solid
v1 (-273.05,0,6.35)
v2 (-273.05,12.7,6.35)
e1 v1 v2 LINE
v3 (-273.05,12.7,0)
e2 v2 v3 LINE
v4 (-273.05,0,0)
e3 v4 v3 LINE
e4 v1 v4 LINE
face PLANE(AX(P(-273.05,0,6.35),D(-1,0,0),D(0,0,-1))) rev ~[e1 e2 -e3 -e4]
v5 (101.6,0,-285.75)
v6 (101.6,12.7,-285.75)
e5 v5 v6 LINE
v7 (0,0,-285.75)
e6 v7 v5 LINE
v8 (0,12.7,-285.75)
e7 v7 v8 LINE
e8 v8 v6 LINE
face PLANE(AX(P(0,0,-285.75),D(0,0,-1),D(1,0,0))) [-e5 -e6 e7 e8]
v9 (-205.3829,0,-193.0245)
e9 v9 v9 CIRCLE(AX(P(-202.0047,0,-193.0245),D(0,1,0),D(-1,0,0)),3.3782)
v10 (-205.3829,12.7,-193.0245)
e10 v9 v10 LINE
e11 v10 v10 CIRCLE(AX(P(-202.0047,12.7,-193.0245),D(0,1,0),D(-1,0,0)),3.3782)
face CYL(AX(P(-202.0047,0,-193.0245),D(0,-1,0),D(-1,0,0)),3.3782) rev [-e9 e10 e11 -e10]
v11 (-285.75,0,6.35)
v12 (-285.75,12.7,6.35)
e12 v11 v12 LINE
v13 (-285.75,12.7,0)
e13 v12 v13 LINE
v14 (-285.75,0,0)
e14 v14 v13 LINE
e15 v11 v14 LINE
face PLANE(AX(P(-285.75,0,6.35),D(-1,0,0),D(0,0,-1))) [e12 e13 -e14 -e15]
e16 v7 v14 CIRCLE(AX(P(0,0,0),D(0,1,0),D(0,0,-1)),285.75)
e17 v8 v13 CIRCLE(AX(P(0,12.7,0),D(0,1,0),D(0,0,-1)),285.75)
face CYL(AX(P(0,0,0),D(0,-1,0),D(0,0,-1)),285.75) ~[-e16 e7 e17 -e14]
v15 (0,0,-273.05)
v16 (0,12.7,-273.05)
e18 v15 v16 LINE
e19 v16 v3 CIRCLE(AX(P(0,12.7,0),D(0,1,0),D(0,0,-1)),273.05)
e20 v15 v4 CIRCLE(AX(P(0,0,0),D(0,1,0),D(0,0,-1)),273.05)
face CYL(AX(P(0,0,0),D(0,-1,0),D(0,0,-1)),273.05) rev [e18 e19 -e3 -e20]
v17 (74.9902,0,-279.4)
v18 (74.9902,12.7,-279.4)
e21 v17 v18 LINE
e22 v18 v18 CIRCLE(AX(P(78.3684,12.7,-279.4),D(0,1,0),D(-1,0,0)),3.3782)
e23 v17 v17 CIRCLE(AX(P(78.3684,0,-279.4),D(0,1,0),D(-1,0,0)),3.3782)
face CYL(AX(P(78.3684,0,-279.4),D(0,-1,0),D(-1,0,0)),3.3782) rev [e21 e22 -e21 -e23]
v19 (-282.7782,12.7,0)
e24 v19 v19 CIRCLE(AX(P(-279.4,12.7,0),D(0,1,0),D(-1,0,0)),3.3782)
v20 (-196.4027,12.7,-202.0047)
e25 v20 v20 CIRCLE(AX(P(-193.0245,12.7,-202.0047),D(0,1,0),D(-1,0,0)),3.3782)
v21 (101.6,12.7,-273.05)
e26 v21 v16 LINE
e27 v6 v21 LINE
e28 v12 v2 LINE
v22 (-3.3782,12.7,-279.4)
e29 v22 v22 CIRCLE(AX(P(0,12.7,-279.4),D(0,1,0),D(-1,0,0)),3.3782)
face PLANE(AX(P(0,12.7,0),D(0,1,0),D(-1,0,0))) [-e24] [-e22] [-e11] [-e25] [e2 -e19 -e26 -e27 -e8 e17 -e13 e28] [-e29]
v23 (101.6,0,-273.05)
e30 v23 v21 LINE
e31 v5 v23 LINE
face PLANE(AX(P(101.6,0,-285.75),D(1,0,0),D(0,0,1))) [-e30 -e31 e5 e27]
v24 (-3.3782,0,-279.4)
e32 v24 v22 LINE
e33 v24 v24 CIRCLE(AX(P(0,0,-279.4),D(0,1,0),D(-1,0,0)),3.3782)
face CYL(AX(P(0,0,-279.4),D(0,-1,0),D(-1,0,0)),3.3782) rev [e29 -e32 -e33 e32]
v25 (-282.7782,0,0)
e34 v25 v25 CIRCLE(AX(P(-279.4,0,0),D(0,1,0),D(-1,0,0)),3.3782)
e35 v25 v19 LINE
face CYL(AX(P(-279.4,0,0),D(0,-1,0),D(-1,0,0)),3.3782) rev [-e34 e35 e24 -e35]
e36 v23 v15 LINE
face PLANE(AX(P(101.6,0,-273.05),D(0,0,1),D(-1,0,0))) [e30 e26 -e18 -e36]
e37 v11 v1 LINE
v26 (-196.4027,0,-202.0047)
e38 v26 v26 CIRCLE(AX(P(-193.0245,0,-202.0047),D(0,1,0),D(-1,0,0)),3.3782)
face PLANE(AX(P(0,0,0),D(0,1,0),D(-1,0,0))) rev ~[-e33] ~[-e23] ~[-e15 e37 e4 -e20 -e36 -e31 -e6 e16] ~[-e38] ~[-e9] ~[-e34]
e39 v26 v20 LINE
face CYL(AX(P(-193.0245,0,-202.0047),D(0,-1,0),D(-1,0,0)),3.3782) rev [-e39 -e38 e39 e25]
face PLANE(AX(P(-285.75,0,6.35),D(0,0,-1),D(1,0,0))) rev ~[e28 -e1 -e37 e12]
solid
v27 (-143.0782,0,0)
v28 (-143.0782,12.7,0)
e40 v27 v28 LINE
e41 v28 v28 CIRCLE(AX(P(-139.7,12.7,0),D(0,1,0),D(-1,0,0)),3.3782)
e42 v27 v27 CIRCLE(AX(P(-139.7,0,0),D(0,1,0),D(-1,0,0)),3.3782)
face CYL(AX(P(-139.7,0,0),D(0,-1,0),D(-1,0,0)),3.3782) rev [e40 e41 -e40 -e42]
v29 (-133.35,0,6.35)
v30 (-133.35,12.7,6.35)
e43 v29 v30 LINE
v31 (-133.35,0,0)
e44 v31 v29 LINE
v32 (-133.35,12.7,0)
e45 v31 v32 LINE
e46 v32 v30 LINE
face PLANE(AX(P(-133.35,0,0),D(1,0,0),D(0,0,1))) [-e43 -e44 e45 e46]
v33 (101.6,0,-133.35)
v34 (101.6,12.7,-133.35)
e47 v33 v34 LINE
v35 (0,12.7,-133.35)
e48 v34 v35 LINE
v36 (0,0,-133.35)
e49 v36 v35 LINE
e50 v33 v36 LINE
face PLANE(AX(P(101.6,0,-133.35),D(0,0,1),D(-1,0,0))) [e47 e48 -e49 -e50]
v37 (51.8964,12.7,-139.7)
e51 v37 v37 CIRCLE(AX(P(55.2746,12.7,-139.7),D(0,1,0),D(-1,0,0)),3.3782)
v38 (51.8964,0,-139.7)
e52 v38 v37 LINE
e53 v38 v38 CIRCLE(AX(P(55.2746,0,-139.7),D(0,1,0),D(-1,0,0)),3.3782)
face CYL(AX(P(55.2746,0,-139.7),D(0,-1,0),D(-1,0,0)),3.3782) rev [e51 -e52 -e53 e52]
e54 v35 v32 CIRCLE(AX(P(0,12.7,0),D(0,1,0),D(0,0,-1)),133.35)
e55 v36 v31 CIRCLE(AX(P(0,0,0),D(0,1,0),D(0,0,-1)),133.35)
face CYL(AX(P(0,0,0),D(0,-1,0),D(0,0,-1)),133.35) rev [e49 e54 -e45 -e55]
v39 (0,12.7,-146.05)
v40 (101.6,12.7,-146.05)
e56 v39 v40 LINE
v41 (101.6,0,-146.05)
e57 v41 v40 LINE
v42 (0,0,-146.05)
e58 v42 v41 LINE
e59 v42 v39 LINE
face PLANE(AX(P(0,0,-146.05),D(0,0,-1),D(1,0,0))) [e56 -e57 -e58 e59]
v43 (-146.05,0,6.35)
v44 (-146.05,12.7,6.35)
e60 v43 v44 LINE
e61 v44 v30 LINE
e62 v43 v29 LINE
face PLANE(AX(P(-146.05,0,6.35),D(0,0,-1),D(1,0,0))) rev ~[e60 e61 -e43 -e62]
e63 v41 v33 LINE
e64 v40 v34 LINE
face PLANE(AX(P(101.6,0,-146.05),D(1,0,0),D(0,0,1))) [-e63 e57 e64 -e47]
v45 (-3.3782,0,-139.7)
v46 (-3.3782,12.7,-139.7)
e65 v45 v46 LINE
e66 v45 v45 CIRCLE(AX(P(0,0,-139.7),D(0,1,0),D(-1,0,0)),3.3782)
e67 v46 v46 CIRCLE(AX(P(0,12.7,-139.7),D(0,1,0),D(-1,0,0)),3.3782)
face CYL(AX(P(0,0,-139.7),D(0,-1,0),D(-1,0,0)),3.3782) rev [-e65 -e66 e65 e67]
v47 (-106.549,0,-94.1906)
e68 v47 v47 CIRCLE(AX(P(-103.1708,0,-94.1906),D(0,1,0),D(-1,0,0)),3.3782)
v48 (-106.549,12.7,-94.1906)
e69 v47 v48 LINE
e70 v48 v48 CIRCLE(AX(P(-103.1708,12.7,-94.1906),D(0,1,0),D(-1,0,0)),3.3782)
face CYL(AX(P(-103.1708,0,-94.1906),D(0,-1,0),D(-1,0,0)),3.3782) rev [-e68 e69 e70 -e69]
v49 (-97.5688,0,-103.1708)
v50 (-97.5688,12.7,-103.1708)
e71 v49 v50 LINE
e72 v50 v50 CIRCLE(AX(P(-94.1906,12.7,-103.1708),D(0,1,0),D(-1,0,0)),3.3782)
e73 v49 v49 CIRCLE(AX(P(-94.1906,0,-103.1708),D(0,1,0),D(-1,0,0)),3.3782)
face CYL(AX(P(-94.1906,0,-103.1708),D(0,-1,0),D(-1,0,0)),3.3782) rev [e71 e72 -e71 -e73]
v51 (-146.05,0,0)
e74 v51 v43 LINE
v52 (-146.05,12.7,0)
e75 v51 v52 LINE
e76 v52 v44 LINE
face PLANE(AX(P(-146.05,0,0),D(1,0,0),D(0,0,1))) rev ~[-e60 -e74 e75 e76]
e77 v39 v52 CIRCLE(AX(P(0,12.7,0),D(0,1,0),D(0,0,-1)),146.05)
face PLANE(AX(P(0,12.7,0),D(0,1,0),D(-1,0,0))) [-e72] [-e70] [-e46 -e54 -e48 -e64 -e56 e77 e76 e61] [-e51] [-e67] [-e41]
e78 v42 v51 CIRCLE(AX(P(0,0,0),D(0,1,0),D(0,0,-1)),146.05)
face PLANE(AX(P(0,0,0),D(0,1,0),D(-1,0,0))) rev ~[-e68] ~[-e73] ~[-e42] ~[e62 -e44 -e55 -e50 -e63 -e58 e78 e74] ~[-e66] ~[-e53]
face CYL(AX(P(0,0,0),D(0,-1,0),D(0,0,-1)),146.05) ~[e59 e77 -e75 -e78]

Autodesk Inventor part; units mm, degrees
ref_plane "YZ Plane" through (0, 0, 0) normal (1, 0, 0) x (0, 1, 0)
ref_plane "XZ Plane" through (0, 0, 0) normal (0, 1, 0) x (-1, 0, 0)
ref_plane "XY Plane" through (0, 0, 0) normal (0, 0, 1) x (1, 0, 0)
sketch "Sketch1" plane through (0, 0, 0) normal (0, 1, 0) x (-1, 0, 0)
  arc A0 (0, -273.05) -> (273.05, 0) centre (0, 0) ccw
  arc A1 (0, -285.75) -> (285.75, 0) centre (0, 0) ccw
  line L0 (-101.6, -133.35) -> (0, -133.35)
  line L1 (-101.6, -146.05) -> (-101.6, -133.35)
  line L2 (0, -146.05) -> (-101.6, -146.05)
  arc A2 (0, -146.05) -> (146.05, 0) centre (0, 0) ccw
  arc A3 (0, -133.35) -> (133.35, 0) centre (0, 0) ccw
  line L3 (-101.6, -273.05) -> (0, -273.05)
  line L4 (0, -285.75) -> (-101.6, -285.75)
  line L5 (146.05, 0) -> (146.05, 6.35)
  line L6 (133.35, 0) -> (133.35, 6.35)
  line L7 (273.05, 6.35) -> (273.05, 0)
  line L8 (285.75, 6.35) -> (285.75, 0)
  line L9 (-101.6, -285.75) -> (-101.6, -273.05)
  circle A4 centre (103.1708, -94.1906) radius 3.3782
  circle A5 centre (94.1906, -103.1708) radius 3.3782
  circle A6 centre (279.4, 0) radius 3.3782
  circle A7 centre (139.7, 0) radius 3.3782
  circle A8 centre (202.0047, -193.0245) radius 3.3782
  circle A9 centre (193.0245, -202.0047) radius 3.3782
  circle A10 centre (0, -279.4) radius 3.3782
  circle A11 centre (0, -139.7) radius 3.3782
  circle A12 centre (-55.2746, -139.7) radius 3.3782
  circle A13 centre (-78.3684, -279.4) radius 3.3782
  line L10 (285.75, 6.35) -> (273.05, 6.35)
  line L11 (146.05, 6.35) -> (133.35, 6.35)
  dimension "d10" = 12.7
  dimension "d11" = 12.7
  dimension "d13" = 12.7
  dimension "d14" = 6.7564
  dimension "d15" = 6.7564
  dimension "d16" = 6.7564
  dimension "d18" = 6.7564
  dimension "d20" = 6.35
  dimension "d21" = 6.7564
  dimension "d22" = 6.7564
  dimension "d23" = 6.7564
  dimension "d24" = 6.35
  dimension "d26" = 6.7564
  dimension "d27" = 6.35
  dimension "d30" = 6.7564
  dimension "d31" = 6.35
  dimension "d32" = 6.7564
  dimension "d33" = 6.35
extrude "Extrusion1" add sketch "Sketch1" along normal blind 12.7
properties part number "Runner Rails v1" material "Polycarbonate, Clear"
